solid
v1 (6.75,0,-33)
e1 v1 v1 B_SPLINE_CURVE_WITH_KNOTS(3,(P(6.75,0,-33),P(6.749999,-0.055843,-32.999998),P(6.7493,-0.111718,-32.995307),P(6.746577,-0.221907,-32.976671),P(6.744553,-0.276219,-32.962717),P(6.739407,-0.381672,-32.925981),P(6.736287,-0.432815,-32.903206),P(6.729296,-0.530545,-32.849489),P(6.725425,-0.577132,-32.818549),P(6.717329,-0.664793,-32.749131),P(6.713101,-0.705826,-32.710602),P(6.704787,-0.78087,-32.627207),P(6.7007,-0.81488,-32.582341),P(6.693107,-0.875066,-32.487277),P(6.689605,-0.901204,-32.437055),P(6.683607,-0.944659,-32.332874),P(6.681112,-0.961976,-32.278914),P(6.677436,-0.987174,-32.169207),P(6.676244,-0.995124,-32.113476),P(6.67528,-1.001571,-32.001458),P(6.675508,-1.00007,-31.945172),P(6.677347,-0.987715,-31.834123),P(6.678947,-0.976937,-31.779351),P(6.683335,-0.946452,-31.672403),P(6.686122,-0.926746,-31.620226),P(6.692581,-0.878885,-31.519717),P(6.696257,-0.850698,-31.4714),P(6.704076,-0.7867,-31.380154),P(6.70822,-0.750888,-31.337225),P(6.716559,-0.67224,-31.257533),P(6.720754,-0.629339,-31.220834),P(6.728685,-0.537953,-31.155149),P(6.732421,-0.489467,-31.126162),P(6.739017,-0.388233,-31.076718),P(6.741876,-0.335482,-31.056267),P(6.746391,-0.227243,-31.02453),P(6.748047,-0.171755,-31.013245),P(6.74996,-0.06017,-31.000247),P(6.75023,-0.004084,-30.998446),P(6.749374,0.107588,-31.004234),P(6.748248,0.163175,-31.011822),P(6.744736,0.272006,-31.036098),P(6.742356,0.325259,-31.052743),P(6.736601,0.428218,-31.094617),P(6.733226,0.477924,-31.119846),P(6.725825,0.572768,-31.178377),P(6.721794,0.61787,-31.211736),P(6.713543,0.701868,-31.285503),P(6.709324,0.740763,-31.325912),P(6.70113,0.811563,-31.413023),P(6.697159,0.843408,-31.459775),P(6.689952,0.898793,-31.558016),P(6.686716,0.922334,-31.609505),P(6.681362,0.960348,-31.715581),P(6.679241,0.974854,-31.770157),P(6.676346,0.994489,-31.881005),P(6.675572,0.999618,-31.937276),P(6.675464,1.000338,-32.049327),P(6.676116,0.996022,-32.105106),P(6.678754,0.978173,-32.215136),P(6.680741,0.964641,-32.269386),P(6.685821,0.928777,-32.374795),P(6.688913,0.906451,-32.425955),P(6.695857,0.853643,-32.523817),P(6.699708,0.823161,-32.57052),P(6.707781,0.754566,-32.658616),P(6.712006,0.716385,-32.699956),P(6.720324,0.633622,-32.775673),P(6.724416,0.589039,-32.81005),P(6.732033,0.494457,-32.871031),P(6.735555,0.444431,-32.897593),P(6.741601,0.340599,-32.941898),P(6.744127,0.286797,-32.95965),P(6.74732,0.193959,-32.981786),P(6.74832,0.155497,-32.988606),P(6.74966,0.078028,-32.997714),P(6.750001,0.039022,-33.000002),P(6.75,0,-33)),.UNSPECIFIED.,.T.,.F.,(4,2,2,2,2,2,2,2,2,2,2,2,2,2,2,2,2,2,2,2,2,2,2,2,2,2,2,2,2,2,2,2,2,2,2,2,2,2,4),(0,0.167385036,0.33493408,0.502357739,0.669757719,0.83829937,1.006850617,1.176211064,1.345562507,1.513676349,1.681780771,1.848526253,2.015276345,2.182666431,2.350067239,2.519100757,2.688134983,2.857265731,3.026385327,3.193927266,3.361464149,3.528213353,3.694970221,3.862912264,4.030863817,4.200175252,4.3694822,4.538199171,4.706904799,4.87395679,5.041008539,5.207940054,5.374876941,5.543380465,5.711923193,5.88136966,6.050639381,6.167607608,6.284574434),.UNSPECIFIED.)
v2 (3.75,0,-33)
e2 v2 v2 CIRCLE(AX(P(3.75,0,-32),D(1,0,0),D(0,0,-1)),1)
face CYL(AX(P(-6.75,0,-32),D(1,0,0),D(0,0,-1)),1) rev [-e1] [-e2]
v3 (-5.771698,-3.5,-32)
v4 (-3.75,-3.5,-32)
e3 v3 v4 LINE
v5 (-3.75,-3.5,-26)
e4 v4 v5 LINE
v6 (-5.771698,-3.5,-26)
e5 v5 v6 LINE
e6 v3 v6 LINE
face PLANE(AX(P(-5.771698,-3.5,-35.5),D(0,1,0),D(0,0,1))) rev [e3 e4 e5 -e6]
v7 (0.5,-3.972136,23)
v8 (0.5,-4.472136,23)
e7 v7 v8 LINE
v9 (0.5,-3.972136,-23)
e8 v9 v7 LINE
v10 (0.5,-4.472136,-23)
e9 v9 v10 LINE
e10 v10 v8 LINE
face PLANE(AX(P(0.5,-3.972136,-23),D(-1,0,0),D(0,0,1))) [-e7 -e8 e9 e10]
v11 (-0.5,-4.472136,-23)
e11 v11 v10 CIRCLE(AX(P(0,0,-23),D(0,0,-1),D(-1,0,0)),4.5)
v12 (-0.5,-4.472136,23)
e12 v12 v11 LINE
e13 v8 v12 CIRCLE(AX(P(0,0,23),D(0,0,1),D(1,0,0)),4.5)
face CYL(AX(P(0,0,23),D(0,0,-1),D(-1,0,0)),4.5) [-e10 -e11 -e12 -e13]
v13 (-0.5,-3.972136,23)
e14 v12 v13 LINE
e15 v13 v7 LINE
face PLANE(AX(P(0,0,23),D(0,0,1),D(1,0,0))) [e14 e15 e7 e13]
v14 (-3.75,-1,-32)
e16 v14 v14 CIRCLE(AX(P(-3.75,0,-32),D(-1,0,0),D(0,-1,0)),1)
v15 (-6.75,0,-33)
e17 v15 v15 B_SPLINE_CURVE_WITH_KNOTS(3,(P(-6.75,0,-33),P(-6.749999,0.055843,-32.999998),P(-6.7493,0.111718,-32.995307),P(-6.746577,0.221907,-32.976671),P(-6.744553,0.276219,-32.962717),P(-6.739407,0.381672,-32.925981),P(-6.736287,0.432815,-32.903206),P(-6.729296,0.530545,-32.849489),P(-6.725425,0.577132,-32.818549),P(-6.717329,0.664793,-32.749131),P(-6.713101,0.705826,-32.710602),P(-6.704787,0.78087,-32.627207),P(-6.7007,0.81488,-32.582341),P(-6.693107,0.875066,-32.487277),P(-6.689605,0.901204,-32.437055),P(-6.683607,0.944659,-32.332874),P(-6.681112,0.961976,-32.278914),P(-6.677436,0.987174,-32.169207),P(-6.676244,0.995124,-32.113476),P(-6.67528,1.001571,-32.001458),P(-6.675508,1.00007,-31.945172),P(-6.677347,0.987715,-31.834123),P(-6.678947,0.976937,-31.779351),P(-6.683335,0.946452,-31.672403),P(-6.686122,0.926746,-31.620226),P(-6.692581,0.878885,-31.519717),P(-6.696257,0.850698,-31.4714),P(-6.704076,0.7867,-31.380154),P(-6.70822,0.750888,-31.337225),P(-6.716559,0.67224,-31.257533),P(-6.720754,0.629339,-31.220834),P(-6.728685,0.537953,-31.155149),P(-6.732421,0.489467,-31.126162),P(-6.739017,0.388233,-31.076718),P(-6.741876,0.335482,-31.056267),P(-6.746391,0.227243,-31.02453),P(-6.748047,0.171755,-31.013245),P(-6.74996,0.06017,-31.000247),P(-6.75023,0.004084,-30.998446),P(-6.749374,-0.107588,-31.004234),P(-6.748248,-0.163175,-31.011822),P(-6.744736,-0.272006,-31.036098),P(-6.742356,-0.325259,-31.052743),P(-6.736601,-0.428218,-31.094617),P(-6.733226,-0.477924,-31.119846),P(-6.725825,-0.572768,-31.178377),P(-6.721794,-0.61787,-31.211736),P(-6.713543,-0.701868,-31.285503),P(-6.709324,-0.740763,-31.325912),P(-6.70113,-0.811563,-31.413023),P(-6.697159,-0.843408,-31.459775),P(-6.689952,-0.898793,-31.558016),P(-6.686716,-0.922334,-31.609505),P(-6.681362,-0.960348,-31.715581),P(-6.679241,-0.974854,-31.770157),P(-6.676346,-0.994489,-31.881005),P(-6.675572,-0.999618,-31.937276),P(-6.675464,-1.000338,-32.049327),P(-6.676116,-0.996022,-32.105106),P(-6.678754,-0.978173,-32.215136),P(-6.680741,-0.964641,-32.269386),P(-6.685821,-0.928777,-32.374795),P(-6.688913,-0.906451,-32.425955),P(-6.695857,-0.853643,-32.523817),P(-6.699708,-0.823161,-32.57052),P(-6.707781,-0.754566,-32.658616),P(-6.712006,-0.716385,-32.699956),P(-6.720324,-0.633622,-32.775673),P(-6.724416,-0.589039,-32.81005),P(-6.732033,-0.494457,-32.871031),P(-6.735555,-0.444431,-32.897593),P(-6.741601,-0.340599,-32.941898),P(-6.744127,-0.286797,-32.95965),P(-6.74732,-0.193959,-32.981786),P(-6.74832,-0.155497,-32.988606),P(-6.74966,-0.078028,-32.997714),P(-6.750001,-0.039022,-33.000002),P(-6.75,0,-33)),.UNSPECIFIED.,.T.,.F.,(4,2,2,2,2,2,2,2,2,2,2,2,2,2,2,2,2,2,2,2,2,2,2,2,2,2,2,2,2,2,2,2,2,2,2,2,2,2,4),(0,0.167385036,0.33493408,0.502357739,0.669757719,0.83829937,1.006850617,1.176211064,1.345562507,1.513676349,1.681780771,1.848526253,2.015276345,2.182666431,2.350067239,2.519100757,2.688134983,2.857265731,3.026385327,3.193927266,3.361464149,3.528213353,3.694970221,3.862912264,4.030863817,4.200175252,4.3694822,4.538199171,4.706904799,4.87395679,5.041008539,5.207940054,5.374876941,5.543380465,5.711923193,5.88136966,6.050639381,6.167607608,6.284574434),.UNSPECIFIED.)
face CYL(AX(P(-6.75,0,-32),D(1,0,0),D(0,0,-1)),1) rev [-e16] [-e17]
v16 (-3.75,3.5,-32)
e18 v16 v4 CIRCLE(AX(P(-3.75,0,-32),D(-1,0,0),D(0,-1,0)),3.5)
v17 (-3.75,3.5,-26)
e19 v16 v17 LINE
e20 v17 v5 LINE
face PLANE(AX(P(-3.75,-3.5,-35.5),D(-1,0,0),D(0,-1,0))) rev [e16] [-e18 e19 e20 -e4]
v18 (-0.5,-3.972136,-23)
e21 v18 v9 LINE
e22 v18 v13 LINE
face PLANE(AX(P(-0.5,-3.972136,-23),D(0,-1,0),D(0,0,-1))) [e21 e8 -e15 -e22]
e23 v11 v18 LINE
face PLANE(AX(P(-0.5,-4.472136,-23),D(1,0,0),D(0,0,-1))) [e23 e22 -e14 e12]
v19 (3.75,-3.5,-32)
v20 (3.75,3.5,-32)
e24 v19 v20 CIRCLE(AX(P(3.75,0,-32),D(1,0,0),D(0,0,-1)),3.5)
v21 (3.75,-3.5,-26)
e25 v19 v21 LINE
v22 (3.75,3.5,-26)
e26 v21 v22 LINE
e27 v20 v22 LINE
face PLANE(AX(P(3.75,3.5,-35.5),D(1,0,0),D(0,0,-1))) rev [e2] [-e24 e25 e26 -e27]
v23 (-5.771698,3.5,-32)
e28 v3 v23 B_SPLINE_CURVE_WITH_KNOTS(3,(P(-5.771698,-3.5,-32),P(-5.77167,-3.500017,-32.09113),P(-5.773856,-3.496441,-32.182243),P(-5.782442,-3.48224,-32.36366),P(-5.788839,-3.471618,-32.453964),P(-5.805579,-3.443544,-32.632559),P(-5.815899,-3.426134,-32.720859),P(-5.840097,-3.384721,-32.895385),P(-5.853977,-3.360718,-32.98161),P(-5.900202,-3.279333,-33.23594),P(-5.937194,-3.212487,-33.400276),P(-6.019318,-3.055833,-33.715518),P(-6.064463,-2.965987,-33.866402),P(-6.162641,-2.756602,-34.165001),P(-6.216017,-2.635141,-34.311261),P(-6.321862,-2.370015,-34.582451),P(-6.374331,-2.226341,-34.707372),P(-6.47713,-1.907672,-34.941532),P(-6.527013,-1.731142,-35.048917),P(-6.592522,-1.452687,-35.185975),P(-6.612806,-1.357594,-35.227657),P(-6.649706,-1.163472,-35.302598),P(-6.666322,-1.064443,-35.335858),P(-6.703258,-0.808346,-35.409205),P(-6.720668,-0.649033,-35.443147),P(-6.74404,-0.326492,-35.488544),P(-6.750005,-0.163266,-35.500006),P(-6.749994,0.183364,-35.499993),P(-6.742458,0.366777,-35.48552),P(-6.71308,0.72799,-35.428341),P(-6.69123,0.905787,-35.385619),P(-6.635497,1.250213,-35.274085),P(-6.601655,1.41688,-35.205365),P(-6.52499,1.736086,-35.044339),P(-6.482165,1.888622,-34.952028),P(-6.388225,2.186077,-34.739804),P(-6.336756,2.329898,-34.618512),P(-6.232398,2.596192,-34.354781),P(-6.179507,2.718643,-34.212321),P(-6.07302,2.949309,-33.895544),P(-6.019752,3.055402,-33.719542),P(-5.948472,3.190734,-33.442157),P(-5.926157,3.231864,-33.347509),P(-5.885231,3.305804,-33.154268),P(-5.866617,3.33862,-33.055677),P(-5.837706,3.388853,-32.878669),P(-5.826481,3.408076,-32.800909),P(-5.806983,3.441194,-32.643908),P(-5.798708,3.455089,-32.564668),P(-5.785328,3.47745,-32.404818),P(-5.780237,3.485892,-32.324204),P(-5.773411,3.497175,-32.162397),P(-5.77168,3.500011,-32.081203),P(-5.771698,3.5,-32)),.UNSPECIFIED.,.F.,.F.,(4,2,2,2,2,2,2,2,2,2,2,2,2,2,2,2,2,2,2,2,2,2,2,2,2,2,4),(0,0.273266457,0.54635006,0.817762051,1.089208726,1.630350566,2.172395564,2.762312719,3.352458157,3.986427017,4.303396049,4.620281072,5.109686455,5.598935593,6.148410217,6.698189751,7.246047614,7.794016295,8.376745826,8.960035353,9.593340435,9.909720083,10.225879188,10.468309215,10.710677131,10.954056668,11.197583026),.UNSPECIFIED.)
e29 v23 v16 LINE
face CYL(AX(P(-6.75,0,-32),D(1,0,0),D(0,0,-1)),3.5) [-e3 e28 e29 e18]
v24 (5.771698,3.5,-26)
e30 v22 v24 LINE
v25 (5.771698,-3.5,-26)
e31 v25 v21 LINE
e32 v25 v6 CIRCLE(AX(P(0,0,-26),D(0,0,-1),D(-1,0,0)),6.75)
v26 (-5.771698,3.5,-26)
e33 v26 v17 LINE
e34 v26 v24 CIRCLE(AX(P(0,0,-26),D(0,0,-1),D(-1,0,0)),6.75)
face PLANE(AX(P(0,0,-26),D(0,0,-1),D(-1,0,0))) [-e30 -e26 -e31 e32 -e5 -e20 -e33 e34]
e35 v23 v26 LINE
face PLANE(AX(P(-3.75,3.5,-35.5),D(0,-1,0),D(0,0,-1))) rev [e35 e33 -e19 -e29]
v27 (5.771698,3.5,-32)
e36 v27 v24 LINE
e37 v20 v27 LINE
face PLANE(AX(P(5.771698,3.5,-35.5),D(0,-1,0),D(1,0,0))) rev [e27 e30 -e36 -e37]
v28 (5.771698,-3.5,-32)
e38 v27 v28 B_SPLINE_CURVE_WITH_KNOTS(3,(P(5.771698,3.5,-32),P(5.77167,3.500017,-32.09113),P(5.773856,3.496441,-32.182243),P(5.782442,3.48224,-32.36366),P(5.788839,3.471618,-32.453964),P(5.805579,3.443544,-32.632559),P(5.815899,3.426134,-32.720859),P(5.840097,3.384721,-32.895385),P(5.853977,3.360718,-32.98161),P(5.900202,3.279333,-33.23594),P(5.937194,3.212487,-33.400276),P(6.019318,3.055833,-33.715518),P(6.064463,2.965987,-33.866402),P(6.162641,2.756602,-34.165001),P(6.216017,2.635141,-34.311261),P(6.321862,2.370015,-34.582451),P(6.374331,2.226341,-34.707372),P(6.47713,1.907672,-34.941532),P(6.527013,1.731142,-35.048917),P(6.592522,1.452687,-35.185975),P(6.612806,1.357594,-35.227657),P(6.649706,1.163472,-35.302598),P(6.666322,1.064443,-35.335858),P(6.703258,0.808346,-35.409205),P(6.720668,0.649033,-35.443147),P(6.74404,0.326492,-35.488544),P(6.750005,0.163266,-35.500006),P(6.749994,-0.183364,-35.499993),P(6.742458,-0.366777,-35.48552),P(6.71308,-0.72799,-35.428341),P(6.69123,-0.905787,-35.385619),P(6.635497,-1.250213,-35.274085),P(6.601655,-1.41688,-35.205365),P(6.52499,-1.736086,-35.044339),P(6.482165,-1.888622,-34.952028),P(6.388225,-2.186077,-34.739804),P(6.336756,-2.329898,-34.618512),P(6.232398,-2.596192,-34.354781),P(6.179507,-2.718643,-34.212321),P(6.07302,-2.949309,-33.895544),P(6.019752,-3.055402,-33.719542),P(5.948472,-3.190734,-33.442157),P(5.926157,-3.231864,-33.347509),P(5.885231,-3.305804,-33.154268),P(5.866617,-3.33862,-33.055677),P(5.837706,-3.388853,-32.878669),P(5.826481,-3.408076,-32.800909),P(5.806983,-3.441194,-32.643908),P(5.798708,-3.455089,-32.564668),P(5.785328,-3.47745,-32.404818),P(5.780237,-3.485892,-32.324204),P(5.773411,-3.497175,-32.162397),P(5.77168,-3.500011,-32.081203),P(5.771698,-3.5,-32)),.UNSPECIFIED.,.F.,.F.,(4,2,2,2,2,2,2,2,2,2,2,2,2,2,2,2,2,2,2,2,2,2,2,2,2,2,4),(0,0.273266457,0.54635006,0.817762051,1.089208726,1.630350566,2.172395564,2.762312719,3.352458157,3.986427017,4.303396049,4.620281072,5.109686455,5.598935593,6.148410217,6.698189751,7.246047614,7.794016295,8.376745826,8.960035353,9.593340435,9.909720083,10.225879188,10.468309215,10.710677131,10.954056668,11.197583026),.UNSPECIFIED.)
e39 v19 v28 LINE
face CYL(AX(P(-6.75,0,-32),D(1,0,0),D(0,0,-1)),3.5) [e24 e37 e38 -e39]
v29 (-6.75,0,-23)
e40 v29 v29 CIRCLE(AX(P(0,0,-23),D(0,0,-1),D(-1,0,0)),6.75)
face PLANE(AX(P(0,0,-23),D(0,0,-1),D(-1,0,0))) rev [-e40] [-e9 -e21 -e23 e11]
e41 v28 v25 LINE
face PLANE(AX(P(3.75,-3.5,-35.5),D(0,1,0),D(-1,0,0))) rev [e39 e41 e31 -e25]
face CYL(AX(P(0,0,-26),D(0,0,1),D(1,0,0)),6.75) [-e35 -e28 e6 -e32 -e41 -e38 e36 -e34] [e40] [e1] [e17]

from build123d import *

# Parameters (mm, degrees)
SKETCH1_R                = 4.5
YOKE_DEPTH               = 23
SKETCH2_R                = 6.75
U_JOINT_BASE_DEPTH       = 3
U_JOINT_STANDUPS_DEPTH   = 9.5
STANDUP_ROUND_DEPTH      = 7.75
STANDUP_ROUND_DEPTH_BACK = 7.75
SKETCH5_R                = 1
BALL_HOLES_DEPTH         = 7.75
BALL_HOLES_DEPTH_BACK    = 7.75
KEYWAY_DEPTH             = 46


with BuildPart() as part:
    # Sketch1 → Yoke (new body, symmetric)
    with BuildSketch(Plane.XY):
        Circle(SKETCH1_R)
    extrude(amount=YOKE_DEPTH, both=True)

    # Sketch2 → U Joint Base (add)
    with BuildSketch(Plane(origin=(0, 0, -23), x_dir=(-1, 0, 0), z_dir=(0, 0, -1))):
        Circle(SKETCH2_R)
    extrude(amount=U_JOINT_BASE_DEPTH)

    # Sketch3 → U Joint Standups (add)
    with BuildSketch(Plane(origin=(0, 0, -26), x_dir=(-1, 0, 0), z_dir=(0, 0, -1))):
        with BuildLine():
            Line((-5.771698, 3.5), (-3.75, 3.5))
            Line((-3.75, 3.5), (-3.75, -3.5))
            Line((-3.75, -3.5), (-5.771698, -3.5))
            ThreePointArc((-5.771698, -3.5), (-6.75, 0), (-5.771698, 3.5))
        make_face()
        with BuildLine():
            Line((3.75, -3.5), (3.75, 3.5))
            Line((3.75, 3.5), (5.771698, 3.5))
            ThreePointArc((5.771698, 3.5), (6.75, 0), (5.771698, -3.5))
            Line((5.771698, -3.5), (3.75, -3.5))
        make_face()
    extrude(amount=U_JOINT_STANDUPS_DEPTH)

    # Sketch4 → Standup Round (cut, two sides)
    with BuildSketch(Plane(origin=(0, 0, 0), x_dir=(0, 0, -1), z_dir=(1, 0, 0))) as standup_round_sk:
        with BuildLine():
            ThreePointArc((32, -3.5), (34.474874, -2.474874), (35.5, 0))
            Line((35.5, 0), (35.5, -3.5))
            Line((35.5, -3.5), (32, -3.5))
        make_face()
        with BuildLine():
            ThreePointArc((35.5, 0), (34.474874, 2.474874), (32, 3.5))
            Line((32, 3.5), (35.5, 3.5))
            Line((35.5, 3.5), (35.5, 0))
        make_face()
    extrude(amount=STANDUP_ROUND_DEPTH, mode=Mode.SUBTRACT)
    extrude(standup_round_sk.sketch, amount=-STANDUP_ROUND_DEPTH_BACK, mode=Mode.SUBTRACT)

    # Sketch5 → Ball Holes (cut, two sides)
    with BuildSketch(Plane(origin=(0, 0, 0), x_dir=(0, 0, -1), z_dir=(1, 0, 0))) as ball_holes_sk:
        with Locations((32, 0)):
            Circle(SKETCH5_R)
    extrude(amount=BALL_HOLES_DEPTH, mode=Mode.SUBTRACT)
    extrude(ball_holes_sk.sketch, amount=-BALL_HOLES_DEPTH_BACK, mode=Mode.SUBTRACT)

    # Sketch6 → Keyway (cut)
    with BuildSketch(Plane.XY.offset(23)):
        Polygon((0.5, -4.472136), (0.5, -4.702036), (-0.5, -4.702036), (-0.5, -4.472136), (-0.5, -3.972136), (0.5, -3.972136), align=None)
    extrude(amount=-KEYWAY_DEPTH, mode=Mode.SUBTRACT)


solid = part.part
